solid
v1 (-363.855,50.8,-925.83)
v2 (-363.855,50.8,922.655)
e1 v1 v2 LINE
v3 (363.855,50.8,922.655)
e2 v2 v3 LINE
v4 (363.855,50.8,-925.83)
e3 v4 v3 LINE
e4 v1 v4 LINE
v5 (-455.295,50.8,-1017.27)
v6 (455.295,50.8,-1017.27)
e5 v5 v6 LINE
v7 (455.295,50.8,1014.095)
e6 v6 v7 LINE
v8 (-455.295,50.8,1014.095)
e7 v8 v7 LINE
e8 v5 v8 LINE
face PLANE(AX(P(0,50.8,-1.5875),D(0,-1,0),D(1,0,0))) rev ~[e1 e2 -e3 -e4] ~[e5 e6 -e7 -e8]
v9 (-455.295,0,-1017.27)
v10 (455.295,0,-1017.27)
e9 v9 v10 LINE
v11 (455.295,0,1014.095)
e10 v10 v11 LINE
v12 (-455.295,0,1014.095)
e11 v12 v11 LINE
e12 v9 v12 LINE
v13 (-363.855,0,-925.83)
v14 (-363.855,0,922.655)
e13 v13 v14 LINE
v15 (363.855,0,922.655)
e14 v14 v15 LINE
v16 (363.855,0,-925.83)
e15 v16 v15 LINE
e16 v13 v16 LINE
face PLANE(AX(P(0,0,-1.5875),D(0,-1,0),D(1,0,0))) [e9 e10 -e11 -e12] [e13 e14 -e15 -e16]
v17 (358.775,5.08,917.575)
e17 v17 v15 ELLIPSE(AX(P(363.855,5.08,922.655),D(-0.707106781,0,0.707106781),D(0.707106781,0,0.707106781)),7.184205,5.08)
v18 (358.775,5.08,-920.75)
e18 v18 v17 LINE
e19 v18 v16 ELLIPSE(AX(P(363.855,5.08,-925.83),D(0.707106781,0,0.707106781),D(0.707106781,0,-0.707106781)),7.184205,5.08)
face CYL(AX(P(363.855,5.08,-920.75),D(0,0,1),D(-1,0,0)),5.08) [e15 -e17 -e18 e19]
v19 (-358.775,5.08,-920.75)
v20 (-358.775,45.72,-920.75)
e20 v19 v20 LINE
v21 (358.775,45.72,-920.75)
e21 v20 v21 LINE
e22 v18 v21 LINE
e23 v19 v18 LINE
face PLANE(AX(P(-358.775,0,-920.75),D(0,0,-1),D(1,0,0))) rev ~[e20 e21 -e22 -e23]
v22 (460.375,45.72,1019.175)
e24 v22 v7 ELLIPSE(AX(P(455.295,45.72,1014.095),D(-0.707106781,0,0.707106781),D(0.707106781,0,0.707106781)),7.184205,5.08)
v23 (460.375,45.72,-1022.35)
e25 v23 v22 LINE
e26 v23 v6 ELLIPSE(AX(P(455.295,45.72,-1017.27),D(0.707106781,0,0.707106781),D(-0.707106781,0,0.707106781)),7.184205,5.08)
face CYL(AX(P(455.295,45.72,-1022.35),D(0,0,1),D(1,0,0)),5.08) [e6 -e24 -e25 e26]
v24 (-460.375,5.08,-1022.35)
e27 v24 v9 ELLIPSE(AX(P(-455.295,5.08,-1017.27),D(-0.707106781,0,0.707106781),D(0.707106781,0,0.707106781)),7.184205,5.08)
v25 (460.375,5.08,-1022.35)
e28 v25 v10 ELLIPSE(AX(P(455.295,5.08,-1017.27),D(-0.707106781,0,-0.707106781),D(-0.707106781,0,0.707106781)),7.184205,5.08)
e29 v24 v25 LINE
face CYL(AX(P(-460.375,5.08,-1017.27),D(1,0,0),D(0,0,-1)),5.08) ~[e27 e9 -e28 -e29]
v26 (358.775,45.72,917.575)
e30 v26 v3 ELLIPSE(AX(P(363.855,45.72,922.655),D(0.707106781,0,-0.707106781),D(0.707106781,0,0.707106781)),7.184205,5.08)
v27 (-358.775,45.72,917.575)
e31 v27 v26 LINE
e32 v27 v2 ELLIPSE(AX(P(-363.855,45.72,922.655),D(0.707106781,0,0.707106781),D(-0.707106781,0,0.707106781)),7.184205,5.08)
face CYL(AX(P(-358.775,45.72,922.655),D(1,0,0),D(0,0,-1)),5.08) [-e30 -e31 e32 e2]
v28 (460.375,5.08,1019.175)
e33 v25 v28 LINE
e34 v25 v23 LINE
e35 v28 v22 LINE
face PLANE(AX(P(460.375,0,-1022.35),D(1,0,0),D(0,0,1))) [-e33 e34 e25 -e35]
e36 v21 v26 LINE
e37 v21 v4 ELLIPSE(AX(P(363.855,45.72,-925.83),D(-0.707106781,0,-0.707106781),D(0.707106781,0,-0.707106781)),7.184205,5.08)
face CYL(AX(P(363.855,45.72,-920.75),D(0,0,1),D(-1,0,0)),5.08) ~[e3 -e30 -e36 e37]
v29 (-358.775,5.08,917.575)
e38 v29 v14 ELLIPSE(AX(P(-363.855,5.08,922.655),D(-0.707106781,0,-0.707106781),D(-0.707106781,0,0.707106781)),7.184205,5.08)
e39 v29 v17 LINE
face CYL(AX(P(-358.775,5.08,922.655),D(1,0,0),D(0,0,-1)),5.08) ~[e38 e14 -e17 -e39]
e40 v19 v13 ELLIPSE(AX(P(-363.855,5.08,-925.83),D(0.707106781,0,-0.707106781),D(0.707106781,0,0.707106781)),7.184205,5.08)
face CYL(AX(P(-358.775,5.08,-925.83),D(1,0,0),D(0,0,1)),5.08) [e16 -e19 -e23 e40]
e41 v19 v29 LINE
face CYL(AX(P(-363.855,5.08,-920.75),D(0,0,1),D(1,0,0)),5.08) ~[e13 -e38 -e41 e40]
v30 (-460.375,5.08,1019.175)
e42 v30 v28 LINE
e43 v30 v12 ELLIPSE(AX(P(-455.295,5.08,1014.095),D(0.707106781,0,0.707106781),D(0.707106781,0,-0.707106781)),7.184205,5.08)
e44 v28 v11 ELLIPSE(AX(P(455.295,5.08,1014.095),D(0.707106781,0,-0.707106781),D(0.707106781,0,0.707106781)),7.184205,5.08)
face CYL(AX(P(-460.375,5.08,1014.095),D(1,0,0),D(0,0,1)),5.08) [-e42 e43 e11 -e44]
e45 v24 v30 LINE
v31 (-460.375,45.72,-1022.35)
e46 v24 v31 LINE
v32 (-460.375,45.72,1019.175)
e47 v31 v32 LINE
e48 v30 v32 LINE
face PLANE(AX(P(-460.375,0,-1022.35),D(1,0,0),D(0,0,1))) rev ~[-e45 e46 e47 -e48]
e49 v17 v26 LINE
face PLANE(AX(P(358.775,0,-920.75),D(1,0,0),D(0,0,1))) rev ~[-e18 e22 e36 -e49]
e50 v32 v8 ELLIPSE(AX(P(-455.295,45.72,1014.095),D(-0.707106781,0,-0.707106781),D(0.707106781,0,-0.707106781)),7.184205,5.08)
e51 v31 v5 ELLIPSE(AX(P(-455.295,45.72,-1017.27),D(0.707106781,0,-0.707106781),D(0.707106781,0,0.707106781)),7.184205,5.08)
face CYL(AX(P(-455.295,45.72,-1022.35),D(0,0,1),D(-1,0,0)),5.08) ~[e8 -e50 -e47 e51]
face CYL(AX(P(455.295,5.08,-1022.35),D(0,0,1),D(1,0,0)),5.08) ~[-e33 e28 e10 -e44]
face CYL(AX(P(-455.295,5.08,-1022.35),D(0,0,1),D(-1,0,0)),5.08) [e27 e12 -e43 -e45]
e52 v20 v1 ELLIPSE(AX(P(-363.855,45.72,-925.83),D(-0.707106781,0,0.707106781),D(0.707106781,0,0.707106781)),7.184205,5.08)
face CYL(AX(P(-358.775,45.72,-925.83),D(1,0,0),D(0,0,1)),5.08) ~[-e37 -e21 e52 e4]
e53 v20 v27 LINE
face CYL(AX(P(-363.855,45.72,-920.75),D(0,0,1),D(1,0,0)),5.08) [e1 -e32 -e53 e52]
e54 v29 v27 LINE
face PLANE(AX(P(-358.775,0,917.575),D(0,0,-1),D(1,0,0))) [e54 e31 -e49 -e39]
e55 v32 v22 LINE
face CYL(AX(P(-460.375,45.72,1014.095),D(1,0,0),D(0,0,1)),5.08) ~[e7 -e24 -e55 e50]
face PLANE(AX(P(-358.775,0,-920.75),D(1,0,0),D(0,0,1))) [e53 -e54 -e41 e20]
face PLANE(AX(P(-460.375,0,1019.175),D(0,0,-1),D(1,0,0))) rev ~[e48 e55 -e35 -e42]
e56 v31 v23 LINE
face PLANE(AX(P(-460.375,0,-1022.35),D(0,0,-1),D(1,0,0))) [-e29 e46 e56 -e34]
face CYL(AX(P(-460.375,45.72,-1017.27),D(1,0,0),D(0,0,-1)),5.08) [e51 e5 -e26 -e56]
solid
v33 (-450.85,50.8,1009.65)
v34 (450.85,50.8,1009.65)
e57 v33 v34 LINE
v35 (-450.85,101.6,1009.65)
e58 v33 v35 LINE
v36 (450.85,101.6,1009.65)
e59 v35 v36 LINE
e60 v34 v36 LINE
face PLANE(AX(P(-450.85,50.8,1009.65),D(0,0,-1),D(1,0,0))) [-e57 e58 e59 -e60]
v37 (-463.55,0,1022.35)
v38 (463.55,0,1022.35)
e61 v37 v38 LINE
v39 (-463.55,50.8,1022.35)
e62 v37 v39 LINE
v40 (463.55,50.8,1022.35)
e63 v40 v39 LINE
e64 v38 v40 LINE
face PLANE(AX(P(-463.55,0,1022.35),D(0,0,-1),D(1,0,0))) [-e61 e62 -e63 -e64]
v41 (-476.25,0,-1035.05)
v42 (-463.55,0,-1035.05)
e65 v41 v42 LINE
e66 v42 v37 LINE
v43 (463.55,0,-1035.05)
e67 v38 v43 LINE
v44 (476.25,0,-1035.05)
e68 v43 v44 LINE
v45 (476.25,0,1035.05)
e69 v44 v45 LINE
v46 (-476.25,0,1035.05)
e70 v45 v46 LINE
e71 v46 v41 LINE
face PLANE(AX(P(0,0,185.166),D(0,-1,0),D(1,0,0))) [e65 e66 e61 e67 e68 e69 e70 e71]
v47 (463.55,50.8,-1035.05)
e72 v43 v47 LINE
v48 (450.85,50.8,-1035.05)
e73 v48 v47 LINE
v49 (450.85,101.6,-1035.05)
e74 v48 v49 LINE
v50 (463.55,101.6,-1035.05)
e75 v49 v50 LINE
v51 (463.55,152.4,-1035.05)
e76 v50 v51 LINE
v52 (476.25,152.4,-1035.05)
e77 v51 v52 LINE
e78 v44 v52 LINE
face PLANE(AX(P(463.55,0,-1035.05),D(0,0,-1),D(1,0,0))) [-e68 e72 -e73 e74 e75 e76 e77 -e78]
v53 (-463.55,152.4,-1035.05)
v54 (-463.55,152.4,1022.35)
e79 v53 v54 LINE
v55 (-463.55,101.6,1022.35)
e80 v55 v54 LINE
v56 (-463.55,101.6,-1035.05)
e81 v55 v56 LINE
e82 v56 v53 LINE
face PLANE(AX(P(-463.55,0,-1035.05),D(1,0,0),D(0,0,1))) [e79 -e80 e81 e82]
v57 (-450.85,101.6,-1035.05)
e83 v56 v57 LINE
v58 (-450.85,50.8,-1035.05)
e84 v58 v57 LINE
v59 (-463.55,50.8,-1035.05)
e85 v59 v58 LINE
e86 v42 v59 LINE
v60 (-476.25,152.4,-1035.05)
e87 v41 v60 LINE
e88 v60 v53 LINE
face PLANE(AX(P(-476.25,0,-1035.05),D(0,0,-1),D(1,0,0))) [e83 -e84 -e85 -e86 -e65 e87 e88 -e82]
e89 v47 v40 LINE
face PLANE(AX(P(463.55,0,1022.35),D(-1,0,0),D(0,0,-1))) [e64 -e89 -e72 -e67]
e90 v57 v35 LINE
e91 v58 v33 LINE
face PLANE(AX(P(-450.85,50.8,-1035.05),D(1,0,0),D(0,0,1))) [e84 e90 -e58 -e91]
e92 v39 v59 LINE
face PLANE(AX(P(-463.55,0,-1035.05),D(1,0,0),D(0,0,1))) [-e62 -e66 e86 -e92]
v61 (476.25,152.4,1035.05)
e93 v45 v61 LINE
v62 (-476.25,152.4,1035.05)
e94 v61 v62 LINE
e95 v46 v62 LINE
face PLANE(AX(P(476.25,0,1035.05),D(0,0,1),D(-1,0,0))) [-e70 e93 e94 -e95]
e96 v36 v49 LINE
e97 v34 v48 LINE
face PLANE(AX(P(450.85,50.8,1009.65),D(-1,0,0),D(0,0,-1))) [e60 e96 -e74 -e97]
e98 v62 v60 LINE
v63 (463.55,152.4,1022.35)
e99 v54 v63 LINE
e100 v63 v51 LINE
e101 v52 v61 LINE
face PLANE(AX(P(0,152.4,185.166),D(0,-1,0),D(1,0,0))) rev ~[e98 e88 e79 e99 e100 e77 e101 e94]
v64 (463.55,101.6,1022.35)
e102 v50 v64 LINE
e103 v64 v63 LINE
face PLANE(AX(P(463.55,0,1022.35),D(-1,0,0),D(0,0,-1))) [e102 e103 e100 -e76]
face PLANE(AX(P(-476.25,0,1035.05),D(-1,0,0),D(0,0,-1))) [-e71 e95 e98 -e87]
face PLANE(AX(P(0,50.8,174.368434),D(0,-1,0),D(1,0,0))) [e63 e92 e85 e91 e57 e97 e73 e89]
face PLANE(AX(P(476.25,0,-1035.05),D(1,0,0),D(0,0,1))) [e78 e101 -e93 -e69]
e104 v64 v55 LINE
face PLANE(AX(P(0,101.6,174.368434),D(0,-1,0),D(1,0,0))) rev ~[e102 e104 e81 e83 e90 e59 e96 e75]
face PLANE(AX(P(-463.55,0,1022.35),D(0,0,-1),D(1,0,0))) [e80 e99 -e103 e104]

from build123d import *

# Parameters (mm, degrees)
F1_DEPTH = 152.4
F4_DEPTH = 50.8
F5_W     = 920.75
F5_H     = 2041.525
F5_W_2   = 717.55
F5_H_2   = 1838.325
F6_DEPTH = 50.8
F7_R     = 5.08


with BuildPart() as f1:
    # F0 (on Front) → F1 (new body)
    with BuildSketch(Plane.XZ):
        Polygon((476.25, -1035.05), (476.25, 1035.05), (-476.25, 1035.05), (-476.25, -1035.05), (-463.55, -1035.05), (-463.55, 1022.35), (463.55, 1022.35), (463.55, -1035.05), align=None)
    extrude(amount=-F1_DEPTH)

    # F3 (on offset) → F4 (join)
    with BuildSketch(Plane.XZ.offset(-50.8)):
        Polygon((463.55, -1035.05), (463.55, 1022.35), (-463.55, 1022.35), (-463.55, -1035.05), (-450.85, -1035.05), (-450.85, 1009.65), (450.85, 1009.65), (450.85, -1035.05), align=None)
    extrude(amount=-F4_DEPTH)


with BuildPart() as f6:
    # F5 (on face) → F6 (new body)
    with BuildSketch(Plane.XZ):
        with Locations((0, -1.5875)):
            Rectangle(F5_W, F5_H)
        with Locations((0, -1.5875)):
            Rectangle(F5_W_2, F5_H_2, mode=Mode.SUBTRACT)
    extrude(amount=-F6_DEPTH)

    # F7
    f7_edges = [f6.edges().sort_by_distance(p)[0] for p in [
        (460.375, 0, -1.5875),
        (0, 0, 1019.175),
        (-460.375, 0, -1.5875),
        (0, 0, -1022.35),
        (0, 0, -920.75),
        (-358.775, 0, -1.5875),
        (0, 0, 917.575),
        (358.775, 0, -1.5875),
        (460.375, 50.8, -1.5875),
        (0, 50.8, 1019.175),
        (-460.375, 50.8, -1.5875),
        (0, 50.8, -1022.35),
        (0, 50.8, -920.75),
        (-358.775, 50.8, -1.5875),
        (0, 50.8, 917.575),
        (358.775, 50.8, -1.5875),
    ]]
    fillet(f7_edges, radius=F7_R)


solid = Compound([f1.part, f6.part])
